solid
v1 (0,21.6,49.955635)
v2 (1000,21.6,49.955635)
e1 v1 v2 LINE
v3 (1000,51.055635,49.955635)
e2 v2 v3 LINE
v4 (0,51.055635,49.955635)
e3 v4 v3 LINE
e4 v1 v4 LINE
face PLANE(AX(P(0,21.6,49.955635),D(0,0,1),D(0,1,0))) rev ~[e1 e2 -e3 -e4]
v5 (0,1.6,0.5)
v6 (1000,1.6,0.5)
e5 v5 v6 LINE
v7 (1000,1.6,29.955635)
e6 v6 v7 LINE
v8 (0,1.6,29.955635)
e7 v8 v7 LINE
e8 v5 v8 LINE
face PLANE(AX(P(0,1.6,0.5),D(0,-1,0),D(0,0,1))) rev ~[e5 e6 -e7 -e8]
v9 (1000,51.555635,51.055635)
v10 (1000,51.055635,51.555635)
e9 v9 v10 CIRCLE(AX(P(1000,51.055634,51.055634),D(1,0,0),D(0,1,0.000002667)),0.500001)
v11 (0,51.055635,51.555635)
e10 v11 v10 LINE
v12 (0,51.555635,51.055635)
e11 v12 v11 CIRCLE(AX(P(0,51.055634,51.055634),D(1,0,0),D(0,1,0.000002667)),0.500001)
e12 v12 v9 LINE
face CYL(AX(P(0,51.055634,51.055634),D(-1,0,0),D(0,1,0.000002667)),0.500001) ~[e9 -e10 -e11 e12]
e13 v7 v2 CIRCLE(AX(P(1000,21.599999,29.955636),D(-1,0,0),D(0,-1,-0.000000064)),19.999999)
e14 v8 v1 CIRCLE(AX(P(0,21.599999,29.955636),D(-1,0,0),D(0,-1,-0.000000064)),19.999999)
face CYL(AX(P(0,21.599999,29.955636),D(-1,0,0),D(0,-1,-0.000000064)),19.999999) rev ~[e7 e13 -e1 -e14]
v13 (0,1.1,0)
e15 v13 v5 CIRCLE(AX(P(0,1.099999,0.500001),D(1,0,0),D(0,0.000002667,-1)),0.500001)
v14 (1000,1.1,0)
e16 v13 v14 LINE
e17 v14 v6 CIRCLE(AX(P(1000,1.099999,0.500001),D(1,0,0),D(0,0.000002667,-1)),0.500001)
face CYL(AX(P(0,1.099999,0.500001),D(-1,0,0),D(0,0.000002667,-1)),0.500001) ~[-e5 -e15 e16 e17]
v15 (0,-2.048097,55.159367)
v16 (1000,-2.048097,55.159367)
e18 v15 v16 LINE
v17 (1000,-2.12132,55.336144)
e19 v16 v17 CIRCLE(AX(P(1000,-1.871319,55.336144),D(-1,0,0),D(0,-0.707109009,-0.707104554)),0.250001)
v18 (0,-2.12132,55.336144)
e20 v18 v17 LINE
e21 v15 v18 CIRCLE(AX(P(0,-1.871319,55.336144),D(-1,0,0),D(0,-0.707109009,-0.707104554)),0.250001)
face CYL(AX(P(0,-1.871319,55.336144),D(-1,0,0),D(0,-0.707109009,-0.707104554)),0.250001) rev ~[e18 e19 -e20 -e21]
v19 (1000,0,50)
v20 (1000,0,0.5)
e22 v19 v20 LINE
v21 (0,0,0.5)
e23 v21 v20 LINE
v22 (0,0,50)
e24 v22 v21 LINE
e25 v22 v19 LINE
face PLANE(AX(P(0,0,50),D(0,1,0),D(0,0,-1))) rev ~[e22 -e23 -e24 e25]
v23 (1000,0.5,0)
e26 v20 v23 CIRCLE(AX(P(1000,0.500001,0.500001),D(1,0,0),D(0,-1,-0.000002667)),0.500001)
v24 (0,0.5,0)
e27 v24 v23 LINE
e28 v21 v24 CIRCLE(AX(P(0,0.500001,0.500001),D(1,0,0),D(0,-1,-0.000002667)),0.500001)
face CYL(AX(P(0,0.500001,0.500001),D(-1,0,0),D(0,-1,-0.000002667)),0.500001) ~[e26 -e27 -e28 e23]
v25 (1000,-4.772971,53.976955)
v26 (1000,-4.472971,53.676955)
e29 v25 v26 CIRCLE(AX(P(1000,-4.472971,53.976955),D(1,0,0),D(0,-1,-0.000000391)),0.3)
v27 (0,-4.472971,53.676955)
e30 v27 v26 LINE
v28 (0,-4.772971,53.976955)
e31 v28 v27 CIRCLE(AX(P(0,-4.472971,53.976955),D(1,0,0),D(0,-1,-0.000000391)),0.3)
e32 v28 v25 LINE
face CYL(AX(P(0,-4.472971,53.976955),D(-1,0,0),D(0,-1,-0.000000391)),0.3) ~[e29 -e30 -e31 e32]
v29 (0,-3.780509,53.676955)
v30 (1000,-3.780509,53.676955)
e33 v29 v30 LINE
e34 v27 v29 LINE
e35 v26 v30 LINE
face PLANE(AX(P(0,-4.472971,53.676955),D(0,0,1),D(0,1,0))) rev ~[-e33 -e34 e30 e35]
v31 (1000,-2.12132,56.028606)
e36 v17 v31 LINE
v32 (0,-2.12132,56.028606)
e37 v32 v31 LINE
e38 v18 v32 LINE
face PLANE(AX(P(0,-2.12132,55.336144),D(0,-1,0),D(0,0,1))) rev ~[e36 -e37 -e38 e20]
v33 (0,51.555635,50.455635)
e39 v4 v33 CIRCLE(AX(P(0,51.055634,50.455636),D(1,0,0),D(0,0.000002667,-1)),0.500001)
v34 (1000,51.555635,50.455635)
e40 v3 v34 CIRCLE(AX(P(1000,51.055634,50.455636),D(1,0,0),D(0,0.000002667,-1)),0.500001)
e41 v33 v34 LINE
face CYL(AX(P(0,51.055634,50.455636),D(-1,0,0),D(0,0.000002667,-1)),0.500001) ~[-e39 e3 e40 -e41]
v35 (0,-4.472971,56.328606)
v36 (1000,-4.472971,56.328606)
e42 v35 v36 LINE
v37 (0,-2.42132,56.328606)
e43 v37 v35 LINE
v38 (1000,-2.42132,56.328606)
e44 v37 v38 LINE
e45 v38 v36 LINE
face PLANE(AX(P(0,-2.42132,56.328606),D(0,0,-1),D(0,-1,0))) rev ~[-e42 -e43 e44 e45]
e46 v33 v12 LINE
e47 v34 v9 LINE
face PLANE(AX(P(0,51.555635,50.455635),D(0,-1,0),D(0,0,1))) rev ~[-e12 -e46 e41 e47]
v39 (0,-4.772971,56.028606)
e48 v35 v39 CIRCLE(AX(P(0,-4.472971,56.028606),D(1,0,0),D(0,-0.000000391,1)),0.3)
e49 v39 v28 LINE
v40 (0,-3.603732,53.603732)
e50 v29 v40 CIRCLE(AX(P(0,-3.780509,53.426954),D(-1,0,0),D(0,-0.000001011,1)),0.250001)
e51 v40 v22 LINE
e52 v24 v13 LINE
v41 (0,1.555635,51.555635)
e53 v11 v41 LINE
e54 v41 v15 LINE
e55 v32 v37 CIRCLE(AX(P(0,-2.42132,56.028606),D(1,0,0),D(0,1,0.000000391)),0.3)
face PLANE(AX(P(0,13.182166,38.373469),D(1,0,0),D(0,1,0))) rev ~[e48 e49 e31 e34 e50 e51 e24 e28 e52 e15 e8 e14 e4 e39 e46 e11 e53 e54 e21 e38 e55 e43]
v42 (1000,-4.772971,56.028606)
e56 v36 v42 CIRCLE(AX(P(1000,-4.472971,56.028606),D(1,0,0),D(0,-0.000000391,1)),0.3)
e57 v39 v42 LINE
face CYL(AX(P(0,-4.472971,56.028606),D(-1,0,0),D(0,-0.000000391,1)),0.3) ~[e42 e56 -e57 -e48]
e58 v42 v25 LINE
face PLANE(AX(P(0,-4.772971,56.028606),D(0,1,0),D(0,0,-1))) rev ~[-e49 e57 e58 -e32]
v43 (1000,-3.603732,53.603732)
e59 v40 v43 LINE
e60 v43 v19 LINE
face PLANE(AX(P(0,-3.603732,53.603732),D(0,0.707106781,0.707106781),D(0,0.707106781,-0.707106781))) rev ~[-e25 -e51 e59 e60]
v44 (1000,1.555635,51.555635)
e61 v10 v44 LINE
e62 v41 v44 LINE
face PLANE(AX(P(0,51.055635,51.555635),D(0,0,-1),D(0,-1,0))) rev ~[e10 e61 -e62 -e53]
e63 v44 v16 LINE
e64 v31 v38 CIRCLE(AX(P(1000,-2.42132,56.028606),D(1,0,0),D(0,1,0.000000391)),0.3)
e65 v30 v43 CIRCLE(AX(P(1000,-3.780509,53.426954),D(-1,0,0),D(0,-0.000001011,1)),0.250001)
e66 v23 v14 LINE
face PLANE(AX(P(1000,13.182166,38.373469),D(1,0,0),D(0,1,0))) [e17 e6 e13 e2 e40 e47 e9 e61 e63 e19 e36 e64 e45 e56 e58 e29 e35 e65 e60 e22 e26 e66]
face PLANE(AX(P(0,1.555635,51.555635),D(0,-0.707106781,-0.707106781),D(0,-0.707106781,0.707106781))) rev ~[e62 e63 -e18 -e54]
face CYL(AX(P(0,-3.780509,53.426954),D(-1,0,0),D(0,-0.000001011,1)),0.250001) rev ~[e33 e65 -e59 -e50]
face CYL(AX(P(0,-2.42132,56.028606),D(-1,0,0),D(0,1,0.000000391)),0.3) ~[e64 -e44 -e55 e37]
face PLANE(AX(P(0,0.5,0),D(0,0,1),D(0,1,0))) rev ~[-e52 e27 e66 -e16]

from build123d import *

# Parameters (mm, degrees)
F1_DEPTH = 1000


with BuildPart() as f1:
    # F0 (on Right) → F1 (new body)
    with BuildSketch(Plane.YZ):
        with BuildLine():
            Line((0, 50), (0, 0.5))
            ThreePointArc((0, 0.5), (0.146447, 0.146447), (0.5, 0))
            Line((0.5, 0), (1.1, 0))
            ThreePointArc((1.1, 0), (1.453553, 0.146447), (1.6, 0.5))
            Line((1.6, 0.5), (1.6, 29.955635))
            ThreePointArc((1.6, 29.955635), (7.457864, 44.097771), (21.6, 49.955635))
            Line((21.6, 49.955635), (51.055635, 49.955635))
            ThreePointArc((51.055635, 49.955635), (51.409188, 50.102082), (51.555635, 50.455635))
            Line((51.555635, 50.455635), (51.555635, 51.055635))
            ThreePointArc((51.555635, 51.055635), (51.409188, 51.409188), (51.055635, 51.555635))
            Line((51.055635, 51.555635), (1.555635, 51.555635))
            Line((1.555635, 51.555635), (-2.048097, 55.159367))
            ThreePointArc((-2.048097, 55.159367), (-2.10229, 55.240473), (-2.12132, 55.336144))
            Line((-2.12132, 55.336144), (-2.12132, 56.028606))
            ThreePointArc((-2.12132, 56.028606), (-2.209188, 56.240738), (-2.42132, 56.328606))
            Line((-2.42132, 56.328606), (-4.472971, 56.328606))
            ThreePointArc((-4.472971, 56.328606), (-4.685103, 56.240738), (-4.772971, 56.028606))
            Line((-4.772971, 56.028606), (-4.772971, 53.976955))
            ThreePointArc((-4.772971, 53.976955), (-4.685103, 53.764823), (-4.472971, 53.676955))
            Line((-4.472971, 53.676955), (-3.780509, 53.676955))
            ThreePointArc((-3.780509, 53.676955), (-3.684838, 53.657925), (-3.603732, 53.603732))
            Line((-3.603732, 53.603732), (0, 50))
        make_face()
    extrude(amount=F1_DEPTH)


solid = f1.part
